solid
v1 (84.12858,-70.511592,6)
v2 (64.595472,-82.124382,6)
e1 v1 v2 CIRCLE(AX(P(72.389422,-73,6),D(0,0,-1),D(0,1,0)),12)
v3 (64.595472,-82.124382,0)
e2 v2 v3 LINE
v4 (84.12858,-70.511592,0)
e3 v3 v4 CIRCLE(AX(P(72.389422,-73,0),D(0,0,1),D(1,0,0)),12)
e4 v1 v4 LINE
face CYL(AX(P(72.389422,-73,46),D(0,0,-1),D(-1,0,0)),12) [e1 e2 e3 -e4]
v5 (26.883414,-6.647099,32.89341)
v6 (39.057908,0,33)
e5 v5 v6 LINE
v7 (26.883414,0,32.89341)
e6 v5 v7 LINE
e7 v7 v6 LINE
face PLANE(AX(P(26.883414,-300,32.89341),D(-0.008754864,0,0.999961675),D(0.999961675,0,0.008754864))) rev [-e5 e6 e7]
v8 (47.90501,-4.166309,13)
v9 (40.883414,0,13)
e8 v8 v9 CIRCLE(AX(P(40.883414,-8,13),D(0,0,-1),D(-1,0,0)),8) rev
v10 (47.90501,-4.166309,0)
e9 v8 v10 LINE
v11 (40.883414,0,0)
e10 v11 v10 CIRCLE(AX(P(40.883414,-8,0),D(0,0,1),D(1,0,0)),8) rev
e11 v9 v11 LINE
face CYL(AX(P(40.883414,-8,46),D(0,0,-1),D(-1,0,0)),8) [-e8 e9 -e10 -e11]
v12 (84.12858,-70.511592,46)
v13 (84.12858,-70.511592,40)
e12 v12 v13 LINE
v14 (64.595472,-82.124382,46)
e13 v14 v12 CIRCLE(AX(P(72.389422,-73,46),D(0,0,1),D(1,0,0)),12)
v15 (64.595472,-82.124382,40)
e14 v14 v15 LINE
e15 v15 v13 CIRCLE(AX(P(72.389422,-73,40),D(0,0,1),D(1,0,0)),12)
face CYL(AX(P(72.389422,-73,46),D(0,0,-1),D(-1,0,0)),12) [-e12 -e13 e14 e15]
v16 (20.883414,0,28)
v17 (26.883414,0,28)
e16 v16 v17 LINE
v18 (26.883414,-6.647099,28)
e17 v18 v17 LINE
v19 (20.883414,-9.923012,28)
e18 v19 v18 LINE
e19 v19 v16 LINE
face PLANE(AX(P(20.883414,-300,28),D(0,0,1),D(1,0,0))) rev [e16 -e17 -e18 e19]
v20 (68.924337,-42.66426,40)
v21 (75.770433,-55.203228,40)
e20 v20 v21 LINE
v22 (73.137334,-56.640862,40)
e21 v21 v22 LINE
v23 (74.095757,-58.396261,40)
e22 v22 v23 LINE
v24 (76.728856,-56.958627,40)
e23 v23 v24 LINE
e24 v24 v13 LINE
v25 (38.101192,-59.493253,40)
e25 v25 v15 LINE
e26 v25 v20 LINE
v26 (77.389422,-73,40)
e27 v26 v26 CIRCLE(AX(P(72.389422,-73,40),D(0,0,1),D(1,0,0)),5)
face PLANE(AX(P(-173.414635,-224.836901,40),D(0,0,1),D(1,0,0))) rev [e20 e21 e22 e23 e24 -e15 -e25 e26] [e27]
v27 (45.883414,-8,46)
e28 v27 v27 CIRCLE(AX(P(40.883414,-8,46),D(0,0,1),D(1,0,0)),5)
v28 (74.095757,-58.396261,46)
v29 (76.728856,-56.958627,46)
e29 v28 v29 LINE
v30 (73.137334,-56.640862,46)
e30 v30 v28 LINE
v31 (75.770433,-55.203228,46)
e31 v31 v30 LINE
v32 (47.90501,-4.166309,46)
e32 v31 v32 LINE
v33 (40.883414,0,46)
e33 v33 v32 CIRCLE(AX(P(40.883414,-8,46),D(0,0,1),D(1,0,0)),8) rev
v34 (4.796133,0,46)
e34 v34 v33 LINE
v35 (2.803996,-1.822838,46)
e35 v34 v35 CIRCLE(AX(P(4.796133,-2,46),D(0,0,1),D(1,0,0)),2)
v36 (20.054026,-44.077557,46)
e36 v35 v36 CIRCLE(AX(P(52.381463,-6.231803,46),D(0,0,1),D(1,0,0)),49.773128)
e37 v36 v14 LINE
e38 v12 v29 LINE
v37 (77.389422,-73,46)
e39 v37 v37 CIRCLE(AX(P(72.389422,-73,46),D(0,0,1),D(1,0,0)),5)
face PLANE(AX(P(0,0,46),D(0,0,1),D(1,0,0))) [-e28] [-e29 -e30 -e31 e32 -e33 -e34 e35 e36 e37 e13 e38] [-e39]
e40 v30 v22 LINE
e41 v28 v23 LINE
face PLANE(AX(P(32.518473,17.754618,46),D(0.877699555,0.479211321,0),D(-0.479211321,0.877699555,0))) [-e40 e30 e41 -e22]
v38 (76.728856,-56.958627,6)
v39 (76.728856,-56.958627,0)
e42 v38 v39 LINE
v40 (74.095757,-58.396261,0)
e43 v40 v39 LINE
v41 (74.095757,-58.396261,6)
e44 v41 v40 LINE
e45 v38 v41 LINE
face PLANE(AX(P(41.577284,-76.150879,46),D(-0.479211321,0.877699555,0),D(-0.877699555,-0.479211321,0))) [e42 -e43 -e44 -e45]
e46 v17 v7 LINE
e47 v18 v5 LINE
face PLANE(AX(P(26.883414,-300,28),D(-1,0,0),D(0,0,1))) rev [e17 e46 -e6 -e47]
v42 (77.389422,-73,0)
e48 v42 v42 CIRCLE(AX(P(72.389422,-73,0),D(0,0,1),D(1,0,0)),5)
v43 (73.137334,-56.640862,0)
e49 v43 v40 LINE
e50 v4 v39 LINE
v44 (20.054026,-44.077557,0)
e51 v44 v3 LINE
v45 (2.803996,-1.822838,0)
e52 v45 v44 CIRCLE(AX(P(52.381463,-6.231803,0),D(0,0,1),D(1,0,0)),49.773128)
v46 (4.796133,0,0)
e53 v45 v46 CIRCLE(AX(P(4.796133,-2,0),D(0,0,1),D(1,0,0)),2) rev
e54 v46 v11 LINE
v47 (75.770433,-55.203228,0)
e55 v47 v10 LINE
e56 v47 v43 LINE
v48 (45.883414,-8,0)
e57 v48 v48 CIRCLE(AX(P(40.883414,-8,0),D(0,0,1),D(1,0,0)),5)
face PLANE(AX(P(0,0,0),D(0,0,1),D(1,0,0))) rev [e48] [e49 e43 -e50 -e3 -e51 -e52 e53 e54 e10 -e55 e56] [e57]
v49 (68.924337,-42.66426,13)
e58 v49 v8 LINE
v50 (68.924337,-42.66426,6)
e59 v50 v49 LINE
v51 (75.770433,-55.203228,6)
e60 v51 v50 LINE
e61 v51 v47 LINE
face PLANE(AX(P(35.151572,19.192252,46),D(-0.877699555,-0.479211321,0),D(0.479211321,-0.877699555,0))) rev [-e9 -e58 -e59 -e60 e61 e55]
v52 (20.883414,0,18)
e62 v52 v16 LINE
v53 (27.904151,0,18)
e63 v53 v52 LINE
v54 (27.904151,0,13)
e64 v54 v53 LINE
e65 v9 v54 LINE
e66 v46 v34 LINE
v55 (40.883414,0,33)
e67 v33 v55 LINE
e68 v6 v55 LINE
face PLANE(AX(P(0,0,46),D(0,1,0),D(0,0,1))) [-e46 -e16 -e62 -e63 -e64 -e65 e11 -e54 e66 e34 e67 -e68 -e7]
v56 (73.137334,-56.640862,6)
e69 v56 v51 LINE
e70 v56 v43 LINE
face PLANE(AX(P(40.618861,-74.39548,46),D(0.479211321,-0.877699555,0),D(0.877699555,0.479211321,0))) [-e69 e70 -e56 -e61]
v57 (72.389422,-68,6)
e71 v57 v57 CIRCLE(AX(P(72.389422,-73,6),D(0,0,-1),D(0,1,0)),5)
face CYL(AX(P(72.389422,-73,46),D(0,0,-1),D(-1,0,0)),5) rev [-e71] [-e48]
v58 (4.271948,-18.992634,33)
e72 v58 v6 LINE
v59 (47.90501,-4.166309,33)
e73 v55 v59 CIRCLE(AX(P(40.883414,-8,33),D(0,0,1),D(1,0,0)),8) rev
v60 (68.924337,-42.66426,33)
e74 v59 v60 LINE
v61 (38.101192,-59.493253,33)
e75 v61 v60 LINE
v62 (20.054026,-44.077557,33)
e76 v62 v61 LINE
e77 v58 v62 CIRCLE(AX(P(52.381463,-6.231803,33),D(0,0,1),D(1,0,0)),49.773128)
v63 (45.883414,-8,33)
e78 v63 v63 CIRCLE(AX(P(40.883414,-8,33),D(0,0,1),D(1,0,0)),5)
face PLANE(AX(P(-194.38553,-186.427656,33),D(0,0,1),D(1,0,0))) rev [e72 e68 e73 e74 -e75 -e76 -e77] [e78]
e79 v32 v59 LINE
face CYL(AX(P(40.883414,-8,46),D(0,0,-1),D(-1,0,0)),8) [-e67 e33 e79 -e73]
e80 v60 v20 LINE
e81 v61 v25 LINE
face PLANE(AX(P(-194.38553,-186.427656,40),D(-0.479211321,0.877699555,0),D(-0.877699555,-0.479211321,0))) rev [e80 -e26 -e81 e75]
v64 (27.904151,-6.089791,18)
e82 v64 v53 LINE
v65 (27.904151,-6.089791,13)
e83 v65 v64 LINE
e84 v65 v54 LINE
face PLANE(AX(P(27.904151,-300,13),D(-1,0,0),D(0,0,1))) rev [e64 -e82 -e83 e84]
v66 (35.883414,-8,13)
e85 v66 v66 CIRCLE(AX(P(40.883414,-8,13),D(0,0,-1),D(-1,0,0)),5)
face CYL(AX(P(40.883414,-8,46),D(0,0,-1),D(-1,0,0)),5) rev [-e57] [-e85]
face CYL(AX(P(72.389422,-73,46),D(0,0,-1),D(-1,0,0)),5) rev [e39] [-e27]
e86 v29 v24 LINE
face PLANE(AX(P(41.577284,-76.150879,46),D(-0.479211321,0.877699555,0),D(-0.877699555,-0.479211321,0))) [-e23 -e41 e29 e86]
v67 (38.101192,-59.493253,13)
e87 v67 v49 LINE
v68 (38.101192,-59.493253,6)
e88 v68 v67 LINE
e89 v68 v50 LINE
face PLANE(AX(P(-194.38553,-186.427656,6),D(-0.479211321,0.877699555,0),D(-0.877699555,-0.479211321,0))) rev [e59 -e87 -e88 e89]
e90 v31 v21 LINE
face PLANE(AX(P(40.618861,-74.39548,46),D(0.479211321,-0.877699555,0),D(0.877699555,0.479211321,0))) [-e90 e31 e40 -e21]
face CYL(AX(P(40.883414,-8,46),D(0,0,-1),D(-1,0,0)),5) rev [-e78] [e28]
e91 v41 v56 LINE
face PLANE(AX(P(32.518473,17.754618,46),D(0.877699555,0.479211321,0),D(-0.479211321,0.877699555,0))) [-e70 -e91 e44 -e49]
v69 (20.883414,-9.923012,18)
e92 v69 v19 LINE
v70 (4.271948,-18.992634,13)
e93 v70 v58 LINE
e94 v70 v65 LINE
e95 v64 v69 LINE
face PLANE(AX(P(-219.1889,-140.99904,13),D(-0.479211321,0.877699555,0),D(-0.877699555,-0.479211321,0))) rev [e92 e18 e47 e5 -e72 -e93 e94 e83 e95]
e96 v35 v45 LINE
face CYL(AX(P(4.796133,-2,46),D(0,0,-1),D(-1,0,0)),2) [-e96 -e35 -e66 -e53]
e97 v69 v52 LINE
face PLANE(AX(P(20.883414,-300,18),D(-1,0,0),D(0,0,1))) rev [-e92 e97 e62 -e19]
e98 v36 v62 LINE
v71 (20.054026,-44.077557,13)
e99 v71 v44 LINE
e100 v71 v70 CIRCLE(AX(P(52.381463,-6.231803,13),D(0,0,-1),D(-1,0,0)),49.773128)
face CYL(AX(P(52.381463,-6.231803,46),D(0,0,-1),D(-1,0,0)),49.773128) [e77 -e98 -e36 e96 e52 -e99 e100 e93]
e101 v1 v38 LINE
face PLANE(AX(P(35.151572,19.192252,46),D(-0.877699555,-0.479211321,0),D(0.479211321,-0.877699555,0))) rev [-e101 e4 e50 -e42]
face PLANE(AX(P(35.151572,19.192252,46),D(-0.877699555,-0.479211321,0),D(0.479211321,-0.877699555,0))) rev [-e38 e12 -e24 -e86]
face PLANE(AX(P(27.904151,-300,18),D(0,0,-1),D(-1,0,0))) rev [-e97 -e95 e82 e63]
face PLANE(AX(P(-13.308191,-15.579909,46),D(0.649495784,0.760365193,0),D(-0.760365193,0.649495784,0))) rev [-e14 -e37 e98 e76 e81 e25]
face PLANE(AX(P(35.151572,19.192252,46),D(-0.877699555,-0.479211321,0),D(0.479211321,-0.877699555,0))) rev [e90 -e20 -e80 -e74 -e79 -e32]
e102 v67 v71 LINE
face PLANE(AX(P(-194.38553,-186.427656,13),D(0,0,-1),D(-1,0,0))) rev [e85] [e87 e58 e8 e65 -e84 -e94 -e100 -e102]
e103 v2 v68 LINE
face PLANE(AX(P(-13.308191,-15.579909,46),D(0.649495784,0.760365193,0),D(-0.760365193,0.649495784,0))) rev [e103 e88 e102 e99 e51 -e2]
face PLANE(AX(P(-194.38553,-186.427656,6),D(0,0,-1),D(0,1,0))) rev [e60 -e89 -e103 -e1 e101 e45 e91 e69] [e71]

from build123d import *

# Parameters (mm, degrees)
SKETCH3_R           = 5
BOSS_EXTRUDE1_DEPTH = 46
CUT_EXTRUDE1_DEPTH  = 300
CUT_EXTRUDE2_DEPTH  = 300
FILLET1_R           = 2


with BuildPart() as part:
    # Sketch3 → Boss-Extrude1 (new body)
    with BuildSketch(Plane.XY):
        with BuildLine():
            Line((40.883413809, 0), (3, 0))
            ThreePointArc((3, 0), (2.797908937, -1.891823319), (2.668267594, -3.789988061))
            ThreePointArc((2.668267594, -3.789988061), (6.682027739, -25.953006917), (20.054026368, -44.077557338))
            Line((20.054026368, -44.077557338), (64.595472348, -82.12438231))
            ThreePointArc((64.595472348, -82.12438231), (78.521745085, -83.314776326), (84.128579654, -70.511592488))
            Line((84.128579654, -70.511592488), (76.728855671, -56.958627104))
            Line((76.728855671, -56.958627104), (74.095757005, -58.396261068))
            Line((74.095757005, -58.396261068), (73.137334363, -56.640861957))
            Line((73.137334363, -56.640861957), (75.770433029, -55.203227993))
            Line((75.770433029, -55.203227993), (47.905010252, -4.166309429))
            ThreePointArc((47.905010252, -4.166309429), (44.9657217, -1.119973671), (40.883413809, 0))
        make_face()
        with Locations((72.389421761, -73)):
            Circle(SKETCH3_R, mode=Mode.SUBTRACT)
        with BuildLine():
            ThreePointArc((45.883413809, -8), (40.609242405, -12.992477345), (35.913481792, -7.452482191))
            ThreePointArc((35.913481792, -7.452482191), (41.157585213, -3.007522655), (45.883413809, -8))
        make_face(mode=Mode.SUBTRACT)
    extrude(amount=BOSS_EXTRUDE1_DEPTH)

    # Sketch4 → Cut-Extrude1 (cut)
    with BuildSketch(Plane(origin=(35.151571892, 19.192252189, 0), x_dir=(0, 0, -1), z_dir=(0.877699555, 0.479211321, 0))):
        Polygon((-40, -114.23699177), (-40, -70.47572427), (-33, -70.47572427), (-33, -18.71699177), (-13, -18.71699177), (-13, -70.47572427), (-6, -70.47572427), (-6, -114.23699177), align=None)
    extrude(amount=-CUT_EXTRUDE1_DEPTH, mode=Mode.SUBTRACT)

    # Sketch5 → Cut-Extrude2 (cut)
    with BuildSketch(Plane(origin=(0, 0, 0), x_dir=(1, 0, 0), z_dir=(0, 1, 0))):
        Polygon((39.057908144, -13), (27.904150662, -13), (27.904150662, -18), (20.883413809, -18), (20.883413809, -28), (26.883413809, -28), (26.883413809, -32.893409872), (39.057908144, -33), align=None)
    extrude(amount=-CUT_EXTRUDE2_DEPTH, mode=Mode.SUBTRACT)

    # Fillet1
    fillet1_edges = [part.edges().sort_by_distance(p)[0] for p in [
        (3, 0, 23),
    ]]
    fillet(fillet1_edges, radius=FILLET1_R)


solid = part.part
